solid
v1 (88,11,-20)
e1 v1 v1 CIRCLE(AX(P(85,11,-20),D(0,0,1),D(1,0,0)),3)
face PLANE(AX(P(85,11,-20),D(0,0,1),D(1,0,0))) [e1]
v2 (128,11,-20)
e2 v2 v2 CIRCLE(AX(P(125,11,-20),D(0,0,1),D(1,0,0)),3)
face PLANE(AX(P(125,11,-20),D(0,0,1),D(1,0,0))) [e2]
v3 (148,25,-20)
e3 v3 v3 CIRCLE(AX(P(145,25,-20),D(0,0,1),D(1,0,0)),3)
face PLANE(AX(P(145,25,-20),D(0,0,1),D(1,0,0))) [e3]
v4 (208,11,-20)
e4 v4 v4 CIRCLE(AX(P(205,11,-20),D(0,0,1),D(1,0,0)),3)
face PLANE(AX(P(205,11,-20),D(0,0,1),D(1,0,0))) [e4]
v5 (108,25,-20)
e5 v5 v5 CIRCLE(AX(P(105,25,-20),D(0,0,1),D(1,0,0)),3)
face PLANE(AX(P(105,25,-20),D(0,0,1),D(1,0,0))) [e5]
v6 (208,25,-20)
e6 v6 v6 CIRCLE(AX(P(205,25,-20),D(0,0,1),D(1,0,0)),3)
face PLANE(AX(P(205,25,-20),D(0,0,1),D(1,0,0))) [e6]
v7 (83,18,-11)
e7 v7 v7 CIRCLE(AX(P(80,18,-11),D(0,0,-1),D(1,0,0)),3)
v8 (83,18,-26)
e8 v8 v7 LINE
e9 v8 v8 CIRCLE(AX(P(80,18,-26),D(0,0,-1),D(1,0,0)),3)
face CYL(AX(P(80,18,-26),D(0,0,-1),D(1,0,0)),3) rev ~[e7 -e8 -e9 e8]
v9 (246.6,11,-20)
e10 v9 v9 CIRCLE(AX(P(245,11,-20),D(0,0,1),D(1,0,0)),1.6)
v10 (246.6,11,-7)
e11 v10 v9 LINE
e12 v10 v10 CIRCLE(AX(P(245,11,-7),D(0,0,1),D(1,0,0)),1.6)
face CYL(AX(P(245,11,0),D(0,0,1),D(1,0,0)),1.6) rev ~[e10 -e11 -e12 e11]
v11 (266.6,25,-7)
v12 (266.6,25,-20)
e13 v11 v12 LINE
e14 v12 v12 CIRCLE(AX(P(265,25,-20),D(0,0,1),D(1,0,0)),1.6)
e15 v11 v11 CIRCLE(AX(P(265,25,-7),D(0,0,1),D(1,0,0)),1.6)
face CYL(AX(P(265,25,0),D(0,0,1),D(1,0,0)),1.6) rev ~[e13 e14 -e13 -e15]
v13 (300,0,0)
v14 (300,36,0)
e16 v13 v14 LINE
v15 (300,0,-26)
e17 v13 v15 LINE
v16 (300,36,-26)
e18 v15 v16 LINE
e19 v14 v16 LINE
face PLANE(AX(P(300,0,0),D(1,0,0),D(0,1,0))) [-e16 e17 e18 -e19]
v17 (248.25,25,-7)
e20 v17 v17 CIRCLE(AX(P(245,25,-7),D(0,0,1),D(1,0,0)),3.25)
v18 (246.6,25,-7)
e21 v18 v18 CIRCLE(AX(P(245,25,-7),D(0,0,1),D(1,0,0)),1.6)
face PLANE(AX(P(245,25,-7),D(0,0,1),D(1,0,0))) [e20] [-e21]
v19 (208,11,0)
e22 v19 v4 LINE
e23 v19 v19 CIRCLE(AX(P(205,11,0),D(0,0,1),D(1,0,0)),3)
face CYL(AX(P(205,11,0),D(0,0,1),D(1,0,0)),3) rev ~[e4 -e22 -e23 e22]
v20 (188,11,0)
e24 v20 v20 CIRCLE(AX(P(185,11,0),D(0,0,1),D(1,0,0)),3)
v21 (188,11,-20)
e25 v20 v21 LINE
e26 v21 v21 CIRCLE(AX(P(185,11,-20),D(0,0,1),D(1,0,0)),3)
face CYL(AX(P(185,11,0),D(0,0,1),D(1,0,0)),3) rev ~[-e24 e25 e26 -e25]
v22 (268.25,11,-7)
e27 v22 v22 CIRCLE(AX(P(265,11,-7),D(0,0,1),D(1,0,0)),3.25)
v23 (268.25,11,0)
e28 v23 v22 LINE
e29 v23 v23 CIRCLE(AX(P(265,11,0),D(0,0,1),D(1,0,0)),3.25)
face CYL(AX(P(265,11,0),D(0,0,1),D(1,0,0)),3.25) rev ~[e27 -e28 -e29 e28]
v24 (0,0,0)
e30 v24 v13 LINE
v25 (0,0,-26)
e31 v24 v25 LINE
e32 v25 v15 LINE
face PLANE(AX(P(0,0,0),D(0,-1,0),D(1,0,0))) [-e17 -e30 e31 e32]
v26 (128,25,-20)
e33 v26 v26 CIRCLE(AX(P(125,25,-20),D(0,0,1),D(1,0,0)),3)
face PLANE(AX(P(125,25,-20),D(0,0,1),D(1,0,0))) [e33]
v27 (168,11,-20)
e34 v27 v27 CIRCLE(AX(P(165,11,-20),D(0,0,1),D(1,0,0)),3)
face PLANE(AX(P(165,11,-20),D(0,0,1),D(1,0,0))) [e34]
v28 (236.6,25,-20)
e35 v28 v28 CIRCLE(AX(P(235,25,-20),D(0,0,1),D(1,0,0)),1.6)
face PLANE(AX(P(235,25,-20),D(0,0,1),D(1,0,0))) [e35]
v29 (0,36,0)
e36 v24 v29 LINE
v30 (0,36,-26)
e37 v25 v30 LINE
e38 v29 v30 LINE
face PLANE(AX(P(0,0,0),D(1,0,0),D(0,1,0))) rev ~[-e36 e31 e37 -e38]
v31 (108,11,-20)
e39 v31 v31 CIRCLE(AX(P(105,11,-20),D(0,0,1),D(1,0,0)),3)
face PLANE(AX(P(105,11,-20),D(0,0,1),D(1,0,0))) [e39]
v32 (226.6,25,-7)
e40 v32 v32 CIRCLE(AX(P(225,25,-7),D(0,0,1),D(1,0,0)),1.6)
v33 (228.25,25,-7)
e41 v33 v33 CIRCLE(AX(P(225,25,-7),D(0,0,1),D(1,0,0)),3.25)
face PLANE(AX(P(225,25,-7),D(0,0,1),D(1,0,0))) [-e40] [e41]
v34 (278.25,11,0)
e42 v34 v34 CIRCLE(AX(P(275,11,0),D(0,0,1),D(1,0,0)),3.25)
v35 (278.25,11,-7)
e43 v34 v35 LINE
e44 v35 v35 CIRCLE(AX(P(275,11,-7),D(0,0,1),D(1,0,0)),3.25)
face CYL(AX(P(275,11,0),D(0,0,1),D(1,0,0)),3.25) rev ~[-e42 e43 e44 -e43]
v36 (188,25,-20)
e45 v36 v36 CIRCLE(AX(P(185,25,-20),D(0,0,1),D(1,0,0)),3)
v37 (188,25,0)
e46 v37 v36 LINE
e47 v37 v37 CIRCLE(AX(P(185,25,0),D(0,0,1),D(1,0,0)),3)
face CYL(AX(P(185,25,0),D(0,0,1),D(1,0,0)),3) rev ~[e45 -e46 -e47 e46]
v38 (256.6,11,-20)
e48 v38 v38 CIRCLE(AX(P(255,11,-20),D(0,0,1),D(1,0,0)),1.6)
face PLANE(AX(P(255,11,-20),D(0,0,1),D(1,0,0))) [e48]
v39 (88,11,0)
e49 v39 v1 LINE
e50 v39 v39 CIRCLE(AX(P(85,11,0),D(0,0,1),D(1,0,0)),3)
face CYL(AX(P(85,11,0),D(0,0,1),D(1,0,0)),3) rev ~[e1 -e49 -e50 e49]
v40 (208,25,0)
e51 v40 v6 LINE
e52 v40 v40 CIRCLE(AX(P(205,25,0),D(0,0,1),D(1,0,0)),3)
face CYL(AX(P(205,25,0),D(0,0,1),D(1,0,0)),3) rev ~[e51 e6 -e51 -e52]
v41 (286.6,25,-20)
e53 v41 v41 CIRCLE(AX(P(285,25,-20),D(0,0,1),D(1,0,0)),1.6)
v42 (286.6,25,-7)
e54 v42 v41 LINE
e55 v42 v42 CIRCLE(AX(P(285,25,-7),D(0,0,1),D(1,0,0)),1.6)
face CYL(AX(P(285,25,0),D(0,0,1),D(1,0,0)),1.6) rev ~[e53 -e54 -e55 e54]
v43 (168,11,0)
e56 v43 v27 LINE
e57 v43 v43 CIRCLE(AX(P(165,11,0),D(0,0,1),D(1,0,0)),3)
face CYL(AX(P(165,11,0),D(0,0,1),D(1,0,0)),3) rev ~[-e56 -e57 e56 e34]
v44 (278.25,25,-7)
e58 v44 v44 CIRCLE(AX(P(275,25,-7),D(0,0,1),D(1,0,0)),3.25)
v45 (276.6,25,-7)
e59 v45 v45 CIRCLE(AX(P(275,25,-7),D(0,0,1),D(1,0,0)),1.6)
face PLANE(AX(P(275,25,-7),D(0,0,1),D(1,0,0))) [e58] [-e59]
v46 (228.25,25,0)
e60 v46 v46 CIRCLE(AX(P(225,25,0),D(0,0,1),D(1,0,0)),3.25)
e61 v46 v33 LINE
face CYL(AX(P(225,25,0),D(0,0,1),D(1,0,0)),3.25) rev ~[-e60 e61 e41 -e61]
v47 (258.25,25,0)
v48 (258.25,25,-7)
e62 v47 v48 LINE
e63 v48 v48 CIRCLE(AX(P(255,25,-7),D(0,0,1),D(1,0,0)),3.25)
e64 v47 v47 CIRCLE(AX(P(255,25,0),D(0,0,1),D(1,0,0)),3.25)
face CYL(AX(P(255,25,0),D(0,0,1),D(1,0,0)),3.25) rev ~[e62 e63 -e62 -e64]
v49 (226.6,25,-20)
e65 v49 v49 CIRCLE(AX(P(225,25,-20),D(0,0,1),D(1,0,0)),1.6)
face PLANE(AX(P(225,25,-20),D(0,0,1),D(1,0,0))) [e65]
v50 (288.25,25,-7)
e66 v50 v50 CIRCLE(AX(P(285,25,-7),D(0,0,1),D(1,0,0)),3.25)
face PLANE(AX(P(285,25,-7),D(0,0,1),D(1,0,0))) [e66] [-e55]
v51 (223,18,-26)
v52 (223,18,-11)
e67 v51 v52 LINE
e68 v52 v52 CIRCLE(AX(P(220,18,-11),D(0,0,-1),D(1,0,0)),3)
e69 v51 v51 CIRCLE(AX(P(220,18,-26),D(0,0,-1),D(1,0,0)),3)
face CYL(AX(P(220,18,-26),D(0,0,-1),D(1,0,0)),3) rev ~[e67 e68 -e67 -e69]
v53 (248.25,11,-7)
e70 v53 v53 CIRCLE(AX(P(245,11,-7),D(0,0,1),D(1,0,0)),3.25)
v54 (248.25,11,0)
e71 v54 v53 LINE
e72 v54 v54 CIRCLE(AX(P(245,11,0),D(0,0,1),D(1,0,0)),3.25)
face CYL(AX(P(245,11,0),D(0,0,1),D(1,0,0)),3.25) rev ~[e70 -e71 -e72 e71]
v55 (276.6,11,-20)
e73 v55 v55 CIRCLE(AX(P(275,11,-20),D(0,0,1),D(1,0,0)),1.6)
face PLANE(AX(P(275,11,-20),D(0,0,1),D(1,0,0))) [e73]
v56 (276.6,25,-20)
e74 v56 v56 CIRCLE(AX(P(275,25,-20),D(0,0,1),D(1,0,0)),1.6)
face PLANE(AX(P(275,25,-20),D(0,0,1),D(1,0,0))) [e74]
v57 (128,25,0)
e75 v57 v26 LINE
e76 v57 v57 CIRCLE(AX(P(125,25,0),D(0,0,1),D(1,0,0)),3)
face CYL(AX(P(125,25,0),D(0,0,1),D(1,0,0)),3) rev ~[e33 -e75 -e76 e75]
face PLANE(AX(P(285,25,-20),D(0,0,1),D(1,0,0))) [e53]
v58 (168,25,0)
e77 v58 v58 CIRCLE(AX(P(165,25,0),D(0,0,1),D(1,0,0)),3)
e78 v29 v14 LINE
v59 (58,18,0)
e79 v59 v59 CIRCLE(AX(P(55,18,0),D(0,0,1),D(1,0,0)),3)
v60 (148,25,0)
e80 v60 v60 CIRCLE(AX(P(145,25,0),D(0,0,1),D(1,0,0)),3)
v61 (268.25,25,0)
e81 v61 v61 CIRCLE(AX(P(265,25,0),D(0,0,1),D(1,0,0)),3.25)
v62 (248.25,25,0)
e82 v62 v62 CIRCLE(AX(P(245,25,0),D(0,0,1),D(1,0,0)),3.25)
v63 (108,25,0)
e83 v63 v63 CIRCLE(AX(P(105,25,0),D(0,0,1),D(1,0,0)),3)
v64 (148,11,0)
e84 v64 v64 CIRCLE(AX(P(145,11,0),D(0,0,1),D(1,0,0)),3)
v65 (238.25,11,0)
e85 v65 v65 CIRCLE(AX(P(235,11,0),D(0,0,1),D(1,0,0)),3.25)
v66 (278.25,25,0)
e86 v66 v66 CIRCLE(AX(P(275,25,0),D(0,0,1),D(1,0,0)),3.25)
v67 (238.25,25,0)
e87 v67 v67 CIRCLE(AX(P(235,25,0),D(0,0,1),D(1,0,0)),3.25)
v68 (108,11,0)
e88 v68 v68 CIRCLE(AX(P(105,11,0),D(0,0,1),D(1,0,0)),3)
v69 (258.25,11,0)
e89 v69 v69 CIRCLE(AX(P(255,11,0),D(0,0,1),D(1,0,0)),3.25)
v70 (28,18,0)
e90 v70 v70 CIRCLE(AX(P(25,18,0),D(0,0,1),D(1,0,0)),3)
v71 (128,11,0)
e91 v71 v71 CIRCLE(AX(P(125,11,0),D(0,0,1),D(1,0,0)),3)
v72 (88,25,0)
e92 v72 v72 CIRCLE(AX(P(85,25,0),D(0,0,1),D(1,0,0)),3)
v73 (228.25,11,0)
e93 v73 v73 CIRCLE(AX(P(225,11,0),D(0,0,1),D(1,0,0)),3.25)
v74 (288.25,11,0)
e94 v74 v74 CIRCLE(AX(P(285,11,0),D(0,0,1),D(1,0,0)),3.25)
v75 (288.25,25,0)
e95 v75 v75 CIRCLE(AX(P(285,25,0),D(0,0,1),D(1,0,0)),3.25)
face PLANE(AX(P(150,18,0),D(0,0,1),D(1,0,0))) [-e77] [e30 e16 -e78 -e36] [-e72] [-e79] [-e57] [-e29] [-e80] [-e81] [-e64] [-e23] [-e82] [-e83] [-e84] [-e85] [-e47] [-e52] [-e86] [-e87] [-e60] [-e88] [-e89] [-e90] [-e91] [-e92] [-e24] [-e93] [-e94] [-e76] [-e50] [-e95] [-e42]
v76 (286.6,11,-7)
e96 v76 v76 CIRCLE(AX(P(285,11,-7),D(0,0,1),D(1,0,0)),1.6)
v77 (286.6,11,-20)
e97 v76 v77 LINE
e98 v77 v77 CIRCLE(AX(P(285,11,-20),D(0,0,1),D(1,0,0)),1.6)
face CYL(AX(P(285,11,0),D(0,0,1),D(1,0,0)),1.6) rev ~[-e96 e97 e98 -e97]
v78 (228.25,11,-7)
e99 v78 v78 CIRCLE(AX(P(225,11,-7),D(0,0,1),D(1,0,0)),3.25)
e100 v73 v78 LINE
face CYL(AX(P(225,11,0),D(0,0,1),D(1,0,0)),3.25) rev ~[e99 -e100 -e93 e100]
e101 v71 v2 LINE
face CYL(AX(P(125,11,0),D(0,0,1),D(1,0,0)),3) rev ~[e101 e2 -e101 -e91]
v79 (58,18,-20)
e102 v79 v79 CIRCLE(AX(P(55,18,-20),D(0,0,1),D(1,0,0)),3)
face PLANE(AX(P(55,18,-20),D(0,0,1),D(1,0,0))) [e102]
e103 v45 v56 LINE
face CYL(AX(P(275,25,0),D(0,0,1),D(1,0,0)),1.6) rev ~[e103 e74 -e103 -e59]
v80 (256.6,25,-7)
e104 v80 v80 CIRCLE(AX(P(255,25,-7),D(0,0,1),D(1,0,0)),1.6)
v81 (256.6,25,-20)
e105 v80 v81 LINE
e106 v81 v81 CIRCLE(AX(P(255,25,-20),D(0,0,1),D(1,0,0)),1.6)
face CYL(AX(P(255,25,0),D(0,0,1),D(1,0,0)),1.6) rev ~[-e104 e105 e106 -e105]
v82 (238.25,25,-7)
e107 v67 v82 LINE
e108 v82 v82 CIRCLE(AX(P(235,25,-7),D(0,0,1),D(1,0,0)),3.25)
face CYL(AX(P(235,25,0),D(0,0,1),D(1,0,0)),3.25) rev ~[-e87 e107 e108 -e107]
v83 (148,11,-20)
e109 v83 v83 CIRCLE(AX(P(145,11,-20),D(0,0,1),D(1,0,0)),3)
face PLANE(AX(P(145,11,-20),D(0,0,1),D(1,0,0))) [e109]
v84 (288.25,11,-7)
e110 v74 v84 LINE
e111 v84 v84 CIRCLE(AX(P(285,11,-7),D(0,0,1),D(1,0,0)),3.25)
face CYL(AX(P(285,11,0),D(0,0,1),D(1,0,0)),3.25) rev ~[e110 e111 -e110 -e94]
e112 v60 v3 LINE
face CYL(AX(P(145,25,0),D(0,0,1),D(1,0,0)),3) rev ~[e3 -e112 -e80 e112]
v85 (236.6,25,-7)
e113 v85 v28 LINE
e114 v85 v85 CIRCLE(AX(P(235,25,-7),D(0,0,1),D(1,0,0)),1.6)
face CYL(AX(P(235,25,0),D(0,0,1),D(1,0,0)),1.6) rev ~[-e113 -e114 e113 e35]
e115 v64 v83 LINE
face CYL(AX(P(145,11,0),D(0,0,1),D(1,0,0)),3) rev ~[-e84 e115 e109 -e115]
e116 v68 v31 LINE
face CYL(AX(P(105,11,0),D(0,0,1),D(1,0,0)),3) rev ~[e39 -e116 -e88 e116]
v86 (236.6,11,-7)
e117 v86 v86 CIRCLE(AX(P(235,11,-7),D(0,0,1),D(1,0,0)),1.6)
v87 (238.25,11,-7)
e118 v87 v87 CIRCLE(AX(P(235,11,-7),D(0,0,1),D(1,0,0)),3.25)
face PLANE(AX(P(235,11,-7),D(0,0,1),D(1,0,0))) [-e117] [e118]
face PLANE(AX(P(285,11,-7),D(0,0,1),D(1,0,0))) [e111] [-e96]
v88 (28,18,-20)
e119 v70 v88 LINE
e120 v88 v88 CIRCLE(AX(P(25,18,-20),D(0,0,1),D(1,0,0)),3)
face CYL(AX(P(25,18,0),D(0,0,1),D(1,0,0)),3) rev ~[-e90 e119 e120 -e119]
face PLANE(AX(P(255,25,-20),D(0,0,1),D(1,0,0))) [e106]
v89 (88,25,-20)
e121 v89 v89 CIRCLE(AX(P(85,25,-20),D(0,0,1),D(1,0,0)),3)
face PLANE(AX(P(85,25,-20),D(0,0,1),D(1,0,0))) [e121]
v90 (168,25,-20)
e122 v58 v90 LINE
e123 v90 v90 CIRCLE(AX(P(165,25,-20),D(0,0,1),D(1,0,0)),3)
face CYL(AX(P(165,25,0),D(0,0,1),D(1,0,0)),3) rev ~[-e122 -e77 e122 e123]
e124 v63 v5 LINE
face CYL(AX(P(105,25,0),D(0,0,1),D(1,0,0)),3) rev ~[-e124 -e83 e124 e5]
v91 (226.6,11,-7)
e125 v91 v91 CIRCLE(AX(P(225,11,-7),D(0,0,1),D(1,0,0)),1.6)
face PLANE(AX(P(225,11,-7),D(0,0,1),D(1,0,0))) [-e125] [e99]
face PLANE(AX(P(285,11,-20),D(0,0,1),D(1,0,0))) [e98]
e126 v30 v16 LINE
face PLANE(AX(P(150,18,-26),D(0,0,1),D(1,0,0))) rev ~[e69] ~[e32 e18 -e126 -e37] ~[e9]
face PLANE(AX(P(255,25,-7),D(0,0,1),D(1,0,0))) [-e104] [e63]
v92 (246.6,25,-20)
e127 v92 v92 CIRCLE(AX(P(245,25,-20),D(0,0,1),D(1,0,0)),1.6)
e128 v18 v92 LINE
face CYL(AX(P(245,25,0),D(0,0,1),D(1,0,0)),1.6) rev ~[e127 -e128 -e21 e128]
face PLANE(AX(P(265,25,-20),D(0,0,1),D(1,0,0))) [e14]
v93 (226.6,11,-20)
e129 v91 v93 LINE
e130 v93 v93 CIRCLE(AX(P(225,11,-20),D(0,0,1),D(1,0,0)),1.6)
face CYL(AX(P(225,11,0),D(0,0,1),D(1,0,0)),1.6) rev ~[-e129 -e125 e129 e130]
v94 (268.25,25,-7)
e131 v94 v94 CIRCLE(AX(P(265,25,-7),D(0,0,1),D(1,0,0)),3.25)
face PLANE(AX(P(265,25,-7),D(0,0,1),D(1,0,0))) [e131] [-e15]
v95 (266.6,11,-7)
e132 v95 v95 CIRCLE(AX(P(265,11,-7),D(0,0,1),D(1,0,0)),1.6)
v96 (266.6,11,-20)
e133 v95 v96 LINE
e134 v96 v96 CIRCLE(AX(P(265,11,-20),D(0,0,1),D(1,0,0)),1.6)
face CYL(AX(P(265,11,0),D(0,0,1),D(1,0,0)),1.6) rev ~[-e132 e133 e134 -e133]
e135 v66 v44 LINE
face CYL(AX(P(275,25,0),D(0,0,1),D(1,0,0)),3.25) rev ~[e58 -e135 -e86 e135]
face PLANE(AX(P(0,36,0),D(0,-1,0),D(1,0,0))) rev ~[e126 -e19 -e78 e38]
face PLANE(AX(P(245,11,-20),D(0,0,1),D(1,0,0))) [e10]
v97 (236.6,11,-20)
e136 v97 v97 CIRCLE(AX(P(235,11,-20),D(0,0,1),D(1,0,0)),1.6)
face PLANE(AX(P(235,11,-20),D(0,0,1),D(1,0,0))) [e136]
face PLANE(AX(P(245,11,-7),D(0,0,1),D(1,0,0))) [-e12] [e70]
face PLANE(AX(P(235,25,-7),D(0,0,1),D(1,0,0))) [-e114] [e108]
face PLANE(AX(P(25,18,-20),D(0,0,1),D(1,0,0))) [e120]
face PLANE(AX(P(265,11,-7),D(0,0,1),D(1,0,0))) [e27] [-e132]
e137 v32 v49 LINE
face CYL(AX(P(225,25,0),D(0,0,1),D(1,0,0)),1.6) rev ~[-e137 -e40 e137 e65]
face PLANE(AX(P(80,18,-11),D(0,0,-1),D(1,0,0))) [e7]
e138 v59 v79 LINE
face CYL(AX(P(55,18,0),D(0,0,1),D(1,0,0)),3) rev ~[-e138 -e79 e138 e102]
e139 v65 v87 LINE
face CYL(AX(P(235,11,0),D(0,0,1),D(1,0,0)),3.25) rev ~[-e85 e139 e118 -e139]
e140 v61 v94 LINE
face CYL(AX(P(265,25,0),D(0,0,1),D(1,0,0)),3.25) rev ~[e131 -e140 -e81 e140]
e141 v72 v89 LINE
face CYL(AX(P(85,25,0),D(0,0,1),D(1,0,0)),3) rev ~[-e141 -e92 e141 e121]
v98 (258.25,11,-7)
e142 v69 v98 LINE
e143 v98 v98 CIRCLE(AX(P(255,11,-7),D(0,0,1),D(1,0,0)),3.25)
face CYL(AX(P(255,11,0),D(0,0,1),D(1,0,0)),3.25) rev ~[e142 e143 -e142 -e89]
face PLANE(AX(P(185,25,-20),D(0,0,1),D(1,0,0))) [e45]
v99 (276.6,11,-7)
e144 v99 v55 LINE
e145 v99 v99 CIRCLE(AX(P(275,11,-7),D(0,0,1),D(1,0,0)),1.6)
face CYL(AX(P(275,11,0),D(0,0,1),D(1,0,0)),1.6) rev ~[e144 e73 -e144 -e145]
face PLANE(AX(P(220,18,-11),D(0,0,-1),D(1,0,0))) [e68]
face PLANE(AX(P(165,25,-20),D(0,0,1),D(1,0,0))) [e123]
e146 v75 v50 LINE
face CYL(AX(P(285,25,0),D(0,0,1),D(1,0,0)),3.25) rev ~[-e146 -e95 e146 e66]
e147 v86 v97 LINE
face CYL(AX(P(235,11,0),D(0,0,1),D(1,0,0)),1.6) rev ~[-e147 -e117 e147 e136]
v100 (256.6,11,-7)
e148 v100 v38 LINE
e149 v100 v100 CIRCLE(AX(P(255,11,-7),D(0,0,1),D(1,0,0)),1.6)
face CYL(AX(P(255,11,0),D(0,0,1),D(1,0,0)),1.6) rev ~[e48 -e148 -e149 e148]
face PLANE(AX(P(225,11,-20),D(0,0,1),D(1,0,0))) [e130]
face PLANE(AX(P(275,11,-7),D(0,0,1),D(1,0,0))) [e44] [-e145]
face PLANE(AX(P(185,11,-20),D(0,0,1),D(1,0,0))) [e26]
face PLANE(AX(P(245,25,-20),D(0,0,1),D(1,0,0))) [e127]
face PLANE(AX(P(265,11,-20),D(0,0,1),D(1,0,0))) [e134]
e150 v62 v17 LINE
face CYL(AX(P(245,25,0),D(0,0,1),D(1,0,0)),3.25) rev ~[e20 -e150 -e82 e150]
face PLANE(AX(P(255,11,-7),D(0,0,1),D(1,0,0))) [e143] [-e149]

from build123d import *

# Parameters (mm, degrees)
SKETCH_W        = 300
SKETCH_H        = 36
PAD_DEPTH       = 26
SKETCH001_R     = 3
SKETCH001_R_2   = 1.6
POCKET_DEPTH    = 20
SKETCH002_R     = 3
POCKET001_DEPTH = 15
SKETCH003_R     = 3.25
POCKET002_DEPTH = 7


with BuildPart() as part:
    # Sketch → Pad (new body)
    with BuildSketch(Plane.XY):
        with Locations((150, 18)):
            Rectangle(SKETCH_W, SKETCH_H)
    extrude(amount=-PAD_DEPTH)

    # Sketch001 (on Face5 of Pad) → Pocket (cut)
    with BuildSketch(Plane.XY):
        with Locations((25, 18)):
            Circle(SKETCH001_R)
        with Locations((55, 18)):
            Circle(SKETCH001_R)
        with Locations((85, 25)):
            Circle(SKETCH001_R)
        with Locations((105, 25)):
            Circle(SKETCH001_R)
        with Locations((125, 25)):
            Circle(SKETCH001_R)
        with Locations((145, 25)):
            Circle(SKETCH001_R)
        with Locations((165, 25)):
            Circle(SKETCH001_R)
        with Locations((185, 25)):
            Circle(SKETCH001_R)
        with Locations((205, 25)):
            Circle(SKETCH001_R)
        with Locations((225, 25)):
            Circle(SKETCH001_R_2)
        with Locations((235, 25)):
            Circle(SKETCH001_R_2)
        with Locations((245, 25)):
            Circle(SKETCH001_R_2)
        with Locations((255, 25)):
            Circle(SKETCH001_R_2)
        with Locations((265, 25)):
            Circle(SKETCH001_R_2)
        with Locations((275, 25)):
            Circle(SKETCH001_R_2)
        with Locations((285, 25)):
            Circle(SKETCH001_R_2)
        with Locations((85, 11)):
            Circle(SKETCH001_R)
        with Locations((105, 11)):
            Circle(SKETCH001_R)
        with Locations((125, 11)):
            Circle(SKETCH001_R)
        with Locations((145, 11)):
            Circle(SKETCH001_R)
        with Locations((165, 11)):
            Circle(SKETCH001_R)
        with Locations((185, 11)):
            Circle(SKETCH001_R)
        with Locations((205, 11)):
            Circle(SKETCH001_R)
        with Locations((235, 11)):
            Circle(SKETCH001_R_2)
        with Locations((245, 11)):
            Circle(SKETCH001_R_2)
        with Locations((255, 11)):
            Circle(SKETCH001_R_2)
        with Locations((265, 11)):
            Circle(SKETCH001_R_2)
        with Locations((275, 11)):
            Circle(SKETCH001_R_2)
        with Locations((285, 11)):
            Circle(SKETCH001_R_2)
        with Locations((225, 11)):
            Circle(SKETCH001_R_2)
    extrude(amount=-POCKET_DEPTH, mode=Mode.SUBTRACT)

    # Sketch002 (on Face5 of Pocket) → Pocket001 (cut)
    with BuildSketch(Plane(origin=(0, 0, -26), x_dir=(1, 0, 0), z_dir=(0, 0, -1))):
        with Locations((80, -18)):
            Circle(SKETCH002_R)
        with Locations((220, -18)):
            Circle(SKETCH002_R)
    extrude(amount=-POCKET001_DEPTH, mode=Mode.SUBTRACT)

    # Sketch003 (on Face4 of Pocket) → Pocket002 (cut)
    with BuildSketch(Plane.XY):
        with Locations((225, 11)):
            Circle(SKETCH003_R)
        with Locations((235, 11)):
            Circle(SKETCH003_R)
        with Locations((245, 11)):
            Circle(SKETCH003_R)
        with Locations((255, 11)):
            Circle(SKETCH003_R)
        with Locations((265, 11)):
            Circle(SKETCH003_R)
        with Locations((275, 11)):
            Circle(SKETCH003_R)
        with Locations((285, 11)):
            Circle(SKETCH003_R)
        with Locations((225, 25)):
            Circle(SKETCH003_R)
        with Locations((235, 25)):
            Circle(SKETCH003_R)
        with Locations((245, 25)):
            Circle(SKETCH003_R)
        with Locations((255, 25)):
            Circle(SKETCH003_R)
        with Locations((265, 25)):
            Circle(SKETCH003_R)
        with Locations((275, 25)):
            Circle(SKETCH003_R)
        with Locations((285, 25)):
            Circle(SKETCH003_R)
    extrude(amount=-POCKET002_DEPTH, mode=Mode.SUBTRACT)


solid = part.part
